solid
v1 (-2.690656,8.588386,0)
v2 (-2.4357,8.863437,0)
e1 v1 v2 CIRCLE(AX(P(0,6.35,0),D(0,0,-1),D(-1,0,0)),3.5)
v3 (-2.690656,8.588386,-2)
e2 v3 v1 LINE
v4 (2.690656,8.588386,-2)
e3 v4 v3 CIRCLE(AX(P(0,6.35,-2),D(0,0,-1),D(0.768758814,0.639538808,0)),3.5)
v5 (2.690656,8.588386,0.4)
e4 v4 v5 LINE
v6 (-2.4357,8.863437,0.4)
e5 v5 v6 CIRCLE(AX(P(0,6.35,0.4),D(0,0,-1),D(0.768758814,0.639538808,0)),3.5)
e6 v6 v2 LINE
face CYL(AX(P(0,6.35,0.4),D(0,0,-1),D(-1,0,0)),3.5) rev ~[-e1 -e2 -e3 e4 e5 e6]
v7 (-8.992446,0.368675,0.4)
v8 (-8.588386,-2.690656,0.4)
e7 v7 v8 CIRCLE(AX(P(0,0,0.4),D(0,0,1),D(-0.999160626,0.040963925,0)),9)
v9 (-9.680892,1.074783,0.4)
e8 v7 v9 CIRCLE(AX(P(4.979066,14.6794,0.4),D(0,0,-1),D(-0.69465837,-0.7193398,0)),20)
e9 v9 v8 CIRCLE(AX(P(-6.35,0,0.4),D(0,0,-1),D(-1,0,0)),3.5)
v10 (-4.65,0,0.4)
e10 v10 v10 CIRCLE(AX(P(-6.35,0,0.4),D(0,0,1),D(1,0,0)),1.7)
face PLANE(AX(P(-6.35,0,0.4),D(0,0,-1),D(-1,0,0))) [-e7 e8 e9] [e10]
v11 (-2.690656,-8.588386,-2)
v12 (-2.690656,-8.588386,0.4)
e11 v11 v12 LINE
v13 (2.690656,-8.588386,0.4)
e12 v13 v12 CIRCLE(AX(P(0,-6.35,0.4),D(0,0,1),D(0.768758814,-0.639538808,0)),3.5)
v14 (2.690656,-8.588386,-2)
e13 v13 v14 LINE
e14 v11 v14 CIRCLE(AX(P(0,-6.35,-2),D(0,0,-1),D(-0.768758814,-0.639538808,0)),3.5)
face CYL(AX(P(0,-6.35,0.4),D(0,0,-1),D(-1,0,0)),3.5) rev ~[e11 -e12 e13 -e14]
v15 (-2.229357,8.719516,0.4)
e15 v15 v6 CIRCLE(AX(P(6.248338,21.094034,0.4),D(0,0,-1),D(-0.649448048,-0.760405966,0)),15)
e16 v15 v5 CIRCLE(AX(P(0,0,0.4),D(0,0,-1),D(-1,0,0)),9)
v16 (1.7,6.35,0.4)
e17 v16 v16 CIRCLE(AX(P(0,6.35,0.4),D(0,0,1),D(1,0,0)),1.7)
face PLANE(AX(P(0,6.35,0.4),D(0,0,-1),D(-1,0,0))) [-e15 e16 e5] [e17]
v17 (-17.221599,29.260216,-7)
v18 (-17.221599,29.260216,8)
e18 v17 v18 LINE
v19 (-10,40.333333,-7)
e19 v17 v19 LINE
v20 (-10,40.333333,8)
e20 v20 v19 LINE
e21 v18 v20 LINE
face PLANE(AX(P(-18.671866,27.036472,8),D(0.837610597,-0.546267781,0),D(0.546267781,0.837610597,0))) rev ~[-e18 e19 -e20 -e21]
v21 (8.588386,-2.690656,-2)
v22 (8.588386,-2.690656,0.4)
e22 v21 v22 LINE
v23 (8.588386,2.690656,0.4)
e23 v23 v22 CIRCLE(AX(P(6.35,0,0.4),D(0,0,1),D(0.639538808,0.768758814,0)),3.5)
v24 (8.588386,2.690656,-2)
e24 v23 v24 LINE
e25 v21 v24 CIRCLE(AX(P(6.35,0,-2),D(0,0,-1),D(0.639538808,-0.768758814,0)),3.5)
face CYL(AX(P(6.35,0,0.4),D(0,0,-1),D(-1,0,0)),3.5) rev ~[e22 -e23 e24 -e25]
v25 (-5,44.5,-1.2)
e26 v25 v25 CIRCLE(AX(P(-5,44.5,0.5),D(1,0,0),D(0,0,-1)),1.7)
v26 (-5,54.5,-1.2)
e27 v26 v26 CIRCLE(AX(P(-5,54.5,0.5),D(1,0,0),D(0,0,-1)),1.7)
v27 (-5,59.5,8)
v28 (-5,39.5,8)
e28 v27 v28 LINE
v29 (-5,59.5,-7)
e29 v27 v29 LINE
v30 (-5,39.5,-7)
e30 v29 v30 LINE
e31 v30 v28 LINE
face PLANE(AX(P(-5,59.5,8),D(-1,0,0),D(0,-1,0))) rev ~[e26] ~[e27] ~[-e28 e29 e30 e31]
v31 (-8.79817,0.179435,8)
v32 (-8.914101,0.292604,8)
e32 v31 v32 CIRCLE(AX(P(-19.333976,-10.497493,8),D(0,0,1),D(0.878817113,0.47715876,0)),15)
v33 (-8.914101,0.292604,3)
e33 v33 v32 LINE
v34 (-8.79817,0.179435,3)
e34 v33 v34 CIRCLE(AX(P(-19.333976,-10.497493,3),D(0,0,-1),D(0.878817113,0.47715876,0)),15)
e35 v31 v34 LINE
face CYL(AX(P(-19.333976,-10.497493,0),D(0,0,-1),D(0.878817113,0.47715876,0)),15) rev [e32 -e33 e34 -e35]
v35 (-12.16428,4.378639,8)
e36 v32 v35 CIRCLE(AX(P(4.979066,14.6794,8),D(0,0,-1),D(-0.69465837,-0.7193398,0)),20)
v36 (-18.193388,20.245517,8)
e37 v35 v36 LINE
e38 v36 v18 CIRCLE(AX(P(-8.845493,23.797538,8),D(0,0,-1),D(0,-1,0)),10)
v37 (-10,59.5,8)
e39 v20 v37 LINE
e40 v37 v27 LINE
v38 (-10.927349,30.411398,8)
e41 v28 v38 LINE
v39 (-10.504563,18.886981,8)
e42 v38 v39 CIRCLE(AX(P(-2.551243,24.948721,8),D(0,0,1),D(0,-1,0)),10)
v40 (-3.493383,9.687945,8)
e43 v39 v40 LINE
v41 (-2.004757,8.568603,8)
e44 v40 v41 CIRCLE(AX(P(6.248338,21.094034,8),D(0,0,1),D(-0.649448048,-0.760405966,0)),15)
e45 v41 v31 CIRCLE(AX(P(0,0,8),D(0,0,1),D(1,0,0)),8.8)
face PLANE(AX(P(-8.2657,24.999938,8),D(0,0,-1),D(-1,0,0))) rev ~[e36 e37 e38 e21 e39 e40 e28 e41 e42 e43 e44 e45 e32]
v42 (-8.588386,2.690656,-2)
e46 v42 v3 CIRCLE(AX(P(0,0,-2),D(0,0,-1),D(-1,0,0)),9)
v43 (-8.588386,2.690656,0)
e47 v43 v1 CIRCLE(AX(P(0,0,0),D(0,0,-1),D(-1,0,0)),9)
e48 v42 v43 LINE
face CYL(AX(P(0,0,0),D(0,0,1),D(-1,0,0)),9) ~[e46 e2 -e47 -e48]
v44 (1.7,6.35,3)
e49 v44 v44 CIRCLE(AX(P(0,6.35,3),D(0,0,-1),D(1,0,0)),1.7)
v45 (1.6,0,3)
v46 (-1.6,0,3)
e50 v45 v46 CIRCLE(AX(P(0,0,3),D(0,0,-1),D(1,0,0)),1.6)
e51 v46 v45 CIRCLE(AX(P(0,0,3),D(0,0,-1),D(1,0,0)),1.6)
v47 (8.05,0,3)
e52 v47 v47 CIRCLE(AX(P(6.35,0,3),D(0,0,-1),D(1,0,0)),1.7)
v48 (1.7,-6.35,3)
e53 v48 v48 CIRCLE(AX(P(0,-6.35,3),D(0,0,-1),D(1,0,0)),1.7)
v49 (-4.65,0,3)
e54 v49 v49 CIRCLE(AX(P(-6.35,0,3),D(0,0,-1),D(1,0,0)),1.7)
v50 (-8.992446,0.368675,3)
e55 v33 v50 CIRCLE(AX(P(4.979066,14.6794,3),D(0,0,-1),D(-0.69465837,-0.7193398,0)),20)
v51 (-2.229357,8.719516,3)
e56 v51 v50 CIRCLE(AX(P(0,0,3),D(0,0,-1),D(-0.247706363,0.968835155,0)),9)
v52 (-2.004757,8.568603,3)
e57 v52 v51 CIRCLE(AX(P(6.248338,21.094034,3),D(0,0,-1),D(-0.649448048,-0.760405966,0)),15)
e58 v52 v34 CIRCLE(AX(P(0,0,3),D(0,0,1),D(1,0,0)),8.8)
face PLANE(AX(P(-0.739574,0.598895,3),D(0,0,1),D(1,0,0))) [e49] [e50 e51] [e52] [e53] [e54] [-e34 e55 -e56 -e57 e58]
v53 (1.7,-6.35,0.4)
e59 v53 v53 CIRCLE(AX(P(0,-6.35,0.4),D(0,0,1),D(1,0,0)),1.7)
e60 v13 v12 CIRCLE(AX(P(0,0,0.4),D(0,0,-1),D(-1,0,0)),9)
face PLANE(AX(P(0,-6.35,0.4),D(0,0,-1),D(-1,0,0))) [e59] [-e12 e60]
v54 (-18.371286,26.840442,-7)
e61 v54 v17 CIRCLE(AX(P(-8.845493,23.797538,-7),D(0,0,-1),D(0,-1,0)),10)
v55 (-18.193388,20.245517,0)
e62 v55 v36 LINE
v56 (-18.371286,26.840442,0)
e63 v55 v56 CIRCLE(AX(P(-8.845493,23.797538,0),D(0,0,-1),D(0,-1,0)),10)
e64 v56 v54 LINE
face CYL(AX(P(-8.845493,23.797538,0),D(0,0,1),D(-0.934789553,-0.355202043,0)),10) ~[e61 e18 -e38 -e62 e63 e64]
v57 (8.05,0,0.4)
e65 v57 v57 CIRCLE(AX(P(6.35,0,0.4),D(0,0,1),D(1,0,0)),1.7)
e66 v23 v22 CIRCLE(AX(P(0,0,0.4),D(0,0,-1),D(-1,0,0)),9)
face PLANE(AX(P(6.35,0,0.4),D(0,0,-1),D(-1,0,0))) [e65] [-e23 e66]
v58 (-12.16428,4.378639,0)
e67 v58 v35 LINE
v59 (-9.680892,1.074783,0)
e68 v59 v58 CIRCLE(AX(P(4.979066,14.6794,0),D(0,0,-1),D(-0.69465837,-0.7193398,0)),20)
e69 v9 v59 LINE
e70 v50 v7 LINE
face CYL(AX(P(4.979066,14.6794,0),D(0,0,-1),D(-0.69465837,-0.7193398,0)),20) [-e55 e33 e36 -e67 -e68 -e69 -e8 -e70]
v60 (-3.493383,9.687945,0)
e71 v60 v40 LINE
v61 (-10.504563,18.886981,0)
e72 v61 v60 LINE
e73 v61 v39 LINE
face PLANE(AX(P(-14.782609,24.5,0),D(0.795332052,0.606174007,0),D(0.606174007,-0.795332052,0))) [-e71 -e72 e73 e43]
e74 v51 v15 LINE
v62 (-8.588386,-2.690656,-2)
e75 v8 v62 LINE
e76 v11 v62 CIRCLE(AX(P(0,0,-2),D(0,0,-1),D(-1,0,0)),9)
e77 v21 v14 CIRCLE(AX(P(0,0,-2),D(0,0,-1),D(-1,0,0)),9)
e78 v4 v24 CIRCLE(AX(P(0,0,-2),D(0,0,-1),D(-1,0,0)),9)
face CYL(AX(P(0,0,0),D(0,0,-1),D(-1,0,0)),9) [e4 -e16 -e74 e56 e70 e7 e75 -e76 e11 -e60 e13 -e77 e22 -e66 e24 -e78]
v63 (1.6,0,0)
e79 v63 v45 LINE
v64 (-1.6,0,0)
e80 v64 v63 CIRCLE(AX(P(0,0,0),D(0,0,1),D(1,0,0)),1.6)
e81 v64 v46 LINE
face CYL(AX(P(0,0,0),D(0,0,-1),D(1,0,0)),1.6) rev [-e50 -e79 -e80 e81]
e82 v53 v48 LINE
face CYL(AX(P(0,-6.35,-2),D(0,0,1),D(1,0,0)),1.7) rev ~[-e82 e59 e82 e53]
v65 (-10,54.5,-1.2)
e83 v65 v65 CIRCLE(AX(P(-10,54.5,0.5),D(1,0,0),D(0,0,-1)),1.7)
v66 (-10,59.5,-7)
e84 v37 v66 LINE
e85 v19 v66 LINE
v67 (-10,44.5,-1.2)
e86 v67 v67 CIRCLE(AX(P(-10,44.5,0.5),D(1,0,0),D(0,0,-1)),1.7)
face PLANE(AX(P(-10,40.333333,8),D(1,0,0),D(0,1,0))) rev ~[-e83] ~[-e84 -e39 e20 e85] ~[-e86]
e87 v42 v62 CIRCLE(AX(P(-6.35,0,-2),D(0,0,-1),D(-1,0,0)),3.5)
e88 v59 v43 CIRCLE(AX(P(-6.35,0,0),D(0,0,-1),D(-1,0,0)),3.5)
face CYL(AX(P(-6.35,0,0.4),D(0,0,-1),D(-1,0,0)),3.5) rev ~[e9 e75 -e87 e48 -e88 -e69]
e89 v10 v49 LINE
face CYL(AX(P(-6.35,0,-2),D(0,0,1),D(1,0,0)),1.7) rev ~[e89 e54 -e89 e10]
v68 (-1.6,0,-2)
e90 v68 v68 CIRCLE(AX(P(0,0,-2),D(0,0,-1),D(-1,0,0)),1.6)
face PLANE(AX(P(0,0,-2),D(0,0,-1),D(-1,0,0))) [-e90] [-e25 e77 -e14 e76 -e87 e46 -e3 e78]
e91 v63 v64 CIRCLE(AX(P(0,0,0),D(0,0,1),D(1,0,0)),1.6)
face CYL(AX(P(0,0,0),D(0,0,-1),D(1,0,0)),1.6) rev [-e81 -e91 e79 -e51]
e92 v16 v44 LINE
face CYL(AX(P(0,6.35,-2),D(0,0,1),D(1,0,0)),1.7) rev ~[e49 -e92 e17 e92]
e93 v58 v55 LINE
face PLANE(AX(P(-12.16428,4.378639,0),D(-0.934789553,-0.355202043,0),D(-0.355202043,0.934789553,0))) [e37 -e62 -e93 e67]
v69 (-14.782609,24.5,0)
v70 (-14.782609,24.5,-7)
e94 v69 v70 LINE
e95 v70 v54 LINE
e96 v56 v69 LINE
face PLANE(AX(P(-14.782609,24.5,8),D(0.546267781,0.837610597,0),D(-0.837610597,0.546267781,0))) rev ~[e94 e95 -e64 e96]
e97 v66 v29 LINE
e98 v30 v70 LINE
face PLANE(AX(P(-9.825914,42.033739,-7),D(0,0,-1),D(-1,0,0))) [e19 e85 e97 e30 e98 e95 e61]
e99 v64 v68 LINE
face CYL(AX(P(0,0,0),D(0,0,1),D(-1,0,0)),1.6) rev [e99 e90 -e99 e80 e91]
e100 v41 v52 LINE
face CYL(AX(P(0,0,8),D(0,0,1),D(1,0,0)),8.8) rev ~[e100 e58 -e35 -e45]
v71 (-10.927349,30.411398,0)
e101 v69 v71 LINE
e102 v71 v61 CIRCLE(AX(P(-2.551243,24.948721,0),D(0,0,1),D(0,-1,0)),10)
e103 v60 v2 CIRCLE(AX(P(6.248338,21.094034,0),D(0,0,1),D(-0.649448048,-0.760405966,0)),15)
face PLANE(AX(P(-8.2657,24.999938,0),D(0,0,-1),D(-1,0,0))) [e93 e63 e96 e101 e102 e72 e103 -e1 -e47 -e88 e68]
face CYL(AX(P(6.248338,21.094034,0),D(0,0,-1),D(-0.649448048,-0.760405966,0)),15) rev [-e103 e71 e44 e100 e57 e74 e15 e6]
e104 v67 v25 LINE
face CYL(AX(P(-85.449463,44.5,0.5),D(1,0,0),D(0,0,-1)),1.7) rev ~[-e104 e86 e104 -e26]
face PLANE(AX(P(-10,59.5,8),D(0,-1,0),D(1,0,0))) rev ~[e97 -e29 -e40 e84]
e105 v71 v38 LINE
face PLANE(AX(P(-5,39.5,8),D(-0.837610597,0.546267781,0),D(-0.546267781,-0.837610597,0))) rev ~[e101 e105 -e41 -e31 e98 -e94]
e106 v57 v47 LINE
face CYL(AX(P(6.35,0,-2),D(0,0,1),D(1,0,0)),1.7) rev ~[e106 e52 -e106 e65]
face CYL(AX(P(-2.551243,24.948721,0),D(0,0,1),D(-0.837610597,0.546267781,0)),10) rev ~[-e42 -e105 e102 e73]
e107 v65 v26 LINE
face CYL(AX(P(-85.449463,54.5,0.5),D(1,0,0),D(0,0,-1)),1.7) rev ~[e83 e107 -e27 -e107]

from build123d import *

# Parameters (mm, degrees)
SKETCH_1_R                   = 1.6
EXTRUDE_1_DEPTH              = 8
EXTRUDE_2_DEPTH              = 15
FILLET_1_R                   = 10
SKETCH_3_R                   = 8.8
CUT_EXTRUDE_1_DEPTH          = 5
SKETCH_4_R                   = 9
SKETCH_4_R_2                 = 1.6000000000000003
EXTRUDE_3_DEPTH              = 2
EXTRUDE_3_DIRECTION_2_REACH  = 64.924
HOLE_WIZARD_M3_1_D           = 3.4
HOLE_WIZARD_M3_1_CBORE_D     = 7
HOLE_WIZARD_M3_1_CBORE_DEPTH = 2.4
HOLE_WIZARD_M3_1_2_D         = 3.4


with BuildPart() as part:
    # 스케치1 → 보스-돌출1 (new body)
    with BuildSketch(Plane.XY):
        with BuildLine():
            Line((-12.16427952654043, 4.378638787940105), (-20.000000000000004, 25))
            Line((-20.000000000000004, 25), (-10.000000000000002, 40.33333333333329))
            Line((-10.000000000000002, 40.33333333333329), (-10.000000000000005, 59.5))
            Line((-10.000000000000005, 59.5), (-5.000000000000006, 59.5))
            Line((-5.000000000000006, 59.5), (-5.000000000000006, 39.5))
            Line((-5.000000000000006, 39.5), (-14.782608695652206, 24.5))
            Line((-14.782608695652206, 24.5), (-3.493383141466383, 9.687944683099722))
            ThreePointArc((-3.493383141466383, 9.687944683099722), (-0.9090438204077795, 7.9117774771707445), (1.988107412927463, 6.7117381440773505))
            ThreePointArc((1.988107412927463, 6.7117381440773505), (5.440021730198806, -4.405242737348851), (-6.151719788633741, -3.3401113218172886))
            ThreePointArc((-6.151719788633741, -3.3401113218172886), (-7.393946440543873, -1.418082905068042), (-8.914100921678212, 0.29260427936827865))
            ThreePointArc((-8.914100921678212, 0.29260427936827865), (-10.673096649546496, 2.229107553388852), (-12.16427952654043, 4.378638787940105))
        make_face()
        Circle(SKETCH_1_R, mode=Mode.SUBTRACT)
    extrude(amount=EXTRUDE_1_DEPTH)

    # 스케치2 → 보스-돌출2 (add)
    with BuildSketch(Plane.XY.offset(8)):
        Polygon((-14.782608695652206, 24.5), (-18.671865990081887, 27.036472148541108), (-10.000000000000002, 40.33333333333329), (-10.000000000000005, 59.5), (-5.000000000000006, 59.5), (-5.000000000000006, 39.5), align=None)
    extrude(amount=-EXTRUDE_2_DEPTH)

    # 필렛1
    fillet_1_edges = [part.edges().sort_by_distance(p)[0] for p in [
        (-14.782608695652206, 24.5, 4),
        (-20.000000000000004, 25, 4),
    ]]
    fillet(fillet_1_edges, radius=FILLET_1_R)

    # 스케치3 → 컷-돌출1 (cut)
    with BuildSketch(Plane.XY.offset(8)):
        Circle(SKETCH_3_R)
    extrude(amount=-CUT_EXTRUDE_1_DEPTH, mode=Mode.SUBTRACT)

    # 스케치4 → 보스-돌출3 (add)
    with BuildSketch(Plane(origin=(0, 0, 0), x_dir=(-1, 0, 0), z_dir=(0, 0, -1))):
        Circle(SKETCH_4_R)
        Circle(SKETCH_4_R_2, mode=Mode.SUBTRACT)
    extrude(amount=EXTRUDE_3_DEPTH)

    # 보스-돌출3 direction 2: up to this face of the body (flat: up to its plane)
    extrude_3_direction_2_end = Plane(part.part.faces().sort_by_distance((-0.17036429, 7.291732251, 3))[0])
    # 스케치4 → 보스-돌출3 direction 2 (add, up to the picked face)
    with BuildSketch(Plane(origin=(0, 0, 0), x_dir=(-1, 0, 0), z_dir=(0, 0, -1)), mode=Mode.PRIVATE) as extrude_3_direction_2_sk1:
        Circle(SKETCH_4_R)
        Circle(SKETCH_4_R_2, mode=Mode.SUBTRACT)
    extrude_3_direction_2_tool1 = split(extrude(extrude_3_direction_2_sk1.sketch, amount=-EXTRUDE_3_DIRECTION_2_REACH, mode=Mode.PRIVATE), bisect_by=extrude_3_direction_2_end, keep=Keep.BOTH, mode=Mode.PRIVATE)
    add(extrude_3_direction_2_tool1.solids().sort_by(Axis((8.745442, 0, 0), (0, 0, 1)))[0])

    # Hole Wizard M3 _ _ _ _1 (through all)
    with Locations(Plane(origin=(0, 0, -2), x_dir=(-1, 0, 0), z_dir=(0, 0, -1))):
        with Locations((0, 6.35), (6.35, 0), (0, -6.35), (-6.35, 0)):
            CounterBoreHole(HOLE_WIZARD_M3_1_D / 2, HOLE_WIZARD_M3_1_CBORE_D / 2, HOLE_WIZARD_M3_1_CBORE_DEPTH)

    # Hole Wizard M3 _ _1 2 (through all)
    with Locations(Plane.ZY.offset(9.999999999999995)):
        with Locations((0.5, 54.5), (0.5, 44.5)):
            Hole(HOLE_WIZARD_M3_1_2_D / 2)


solid = part.part
